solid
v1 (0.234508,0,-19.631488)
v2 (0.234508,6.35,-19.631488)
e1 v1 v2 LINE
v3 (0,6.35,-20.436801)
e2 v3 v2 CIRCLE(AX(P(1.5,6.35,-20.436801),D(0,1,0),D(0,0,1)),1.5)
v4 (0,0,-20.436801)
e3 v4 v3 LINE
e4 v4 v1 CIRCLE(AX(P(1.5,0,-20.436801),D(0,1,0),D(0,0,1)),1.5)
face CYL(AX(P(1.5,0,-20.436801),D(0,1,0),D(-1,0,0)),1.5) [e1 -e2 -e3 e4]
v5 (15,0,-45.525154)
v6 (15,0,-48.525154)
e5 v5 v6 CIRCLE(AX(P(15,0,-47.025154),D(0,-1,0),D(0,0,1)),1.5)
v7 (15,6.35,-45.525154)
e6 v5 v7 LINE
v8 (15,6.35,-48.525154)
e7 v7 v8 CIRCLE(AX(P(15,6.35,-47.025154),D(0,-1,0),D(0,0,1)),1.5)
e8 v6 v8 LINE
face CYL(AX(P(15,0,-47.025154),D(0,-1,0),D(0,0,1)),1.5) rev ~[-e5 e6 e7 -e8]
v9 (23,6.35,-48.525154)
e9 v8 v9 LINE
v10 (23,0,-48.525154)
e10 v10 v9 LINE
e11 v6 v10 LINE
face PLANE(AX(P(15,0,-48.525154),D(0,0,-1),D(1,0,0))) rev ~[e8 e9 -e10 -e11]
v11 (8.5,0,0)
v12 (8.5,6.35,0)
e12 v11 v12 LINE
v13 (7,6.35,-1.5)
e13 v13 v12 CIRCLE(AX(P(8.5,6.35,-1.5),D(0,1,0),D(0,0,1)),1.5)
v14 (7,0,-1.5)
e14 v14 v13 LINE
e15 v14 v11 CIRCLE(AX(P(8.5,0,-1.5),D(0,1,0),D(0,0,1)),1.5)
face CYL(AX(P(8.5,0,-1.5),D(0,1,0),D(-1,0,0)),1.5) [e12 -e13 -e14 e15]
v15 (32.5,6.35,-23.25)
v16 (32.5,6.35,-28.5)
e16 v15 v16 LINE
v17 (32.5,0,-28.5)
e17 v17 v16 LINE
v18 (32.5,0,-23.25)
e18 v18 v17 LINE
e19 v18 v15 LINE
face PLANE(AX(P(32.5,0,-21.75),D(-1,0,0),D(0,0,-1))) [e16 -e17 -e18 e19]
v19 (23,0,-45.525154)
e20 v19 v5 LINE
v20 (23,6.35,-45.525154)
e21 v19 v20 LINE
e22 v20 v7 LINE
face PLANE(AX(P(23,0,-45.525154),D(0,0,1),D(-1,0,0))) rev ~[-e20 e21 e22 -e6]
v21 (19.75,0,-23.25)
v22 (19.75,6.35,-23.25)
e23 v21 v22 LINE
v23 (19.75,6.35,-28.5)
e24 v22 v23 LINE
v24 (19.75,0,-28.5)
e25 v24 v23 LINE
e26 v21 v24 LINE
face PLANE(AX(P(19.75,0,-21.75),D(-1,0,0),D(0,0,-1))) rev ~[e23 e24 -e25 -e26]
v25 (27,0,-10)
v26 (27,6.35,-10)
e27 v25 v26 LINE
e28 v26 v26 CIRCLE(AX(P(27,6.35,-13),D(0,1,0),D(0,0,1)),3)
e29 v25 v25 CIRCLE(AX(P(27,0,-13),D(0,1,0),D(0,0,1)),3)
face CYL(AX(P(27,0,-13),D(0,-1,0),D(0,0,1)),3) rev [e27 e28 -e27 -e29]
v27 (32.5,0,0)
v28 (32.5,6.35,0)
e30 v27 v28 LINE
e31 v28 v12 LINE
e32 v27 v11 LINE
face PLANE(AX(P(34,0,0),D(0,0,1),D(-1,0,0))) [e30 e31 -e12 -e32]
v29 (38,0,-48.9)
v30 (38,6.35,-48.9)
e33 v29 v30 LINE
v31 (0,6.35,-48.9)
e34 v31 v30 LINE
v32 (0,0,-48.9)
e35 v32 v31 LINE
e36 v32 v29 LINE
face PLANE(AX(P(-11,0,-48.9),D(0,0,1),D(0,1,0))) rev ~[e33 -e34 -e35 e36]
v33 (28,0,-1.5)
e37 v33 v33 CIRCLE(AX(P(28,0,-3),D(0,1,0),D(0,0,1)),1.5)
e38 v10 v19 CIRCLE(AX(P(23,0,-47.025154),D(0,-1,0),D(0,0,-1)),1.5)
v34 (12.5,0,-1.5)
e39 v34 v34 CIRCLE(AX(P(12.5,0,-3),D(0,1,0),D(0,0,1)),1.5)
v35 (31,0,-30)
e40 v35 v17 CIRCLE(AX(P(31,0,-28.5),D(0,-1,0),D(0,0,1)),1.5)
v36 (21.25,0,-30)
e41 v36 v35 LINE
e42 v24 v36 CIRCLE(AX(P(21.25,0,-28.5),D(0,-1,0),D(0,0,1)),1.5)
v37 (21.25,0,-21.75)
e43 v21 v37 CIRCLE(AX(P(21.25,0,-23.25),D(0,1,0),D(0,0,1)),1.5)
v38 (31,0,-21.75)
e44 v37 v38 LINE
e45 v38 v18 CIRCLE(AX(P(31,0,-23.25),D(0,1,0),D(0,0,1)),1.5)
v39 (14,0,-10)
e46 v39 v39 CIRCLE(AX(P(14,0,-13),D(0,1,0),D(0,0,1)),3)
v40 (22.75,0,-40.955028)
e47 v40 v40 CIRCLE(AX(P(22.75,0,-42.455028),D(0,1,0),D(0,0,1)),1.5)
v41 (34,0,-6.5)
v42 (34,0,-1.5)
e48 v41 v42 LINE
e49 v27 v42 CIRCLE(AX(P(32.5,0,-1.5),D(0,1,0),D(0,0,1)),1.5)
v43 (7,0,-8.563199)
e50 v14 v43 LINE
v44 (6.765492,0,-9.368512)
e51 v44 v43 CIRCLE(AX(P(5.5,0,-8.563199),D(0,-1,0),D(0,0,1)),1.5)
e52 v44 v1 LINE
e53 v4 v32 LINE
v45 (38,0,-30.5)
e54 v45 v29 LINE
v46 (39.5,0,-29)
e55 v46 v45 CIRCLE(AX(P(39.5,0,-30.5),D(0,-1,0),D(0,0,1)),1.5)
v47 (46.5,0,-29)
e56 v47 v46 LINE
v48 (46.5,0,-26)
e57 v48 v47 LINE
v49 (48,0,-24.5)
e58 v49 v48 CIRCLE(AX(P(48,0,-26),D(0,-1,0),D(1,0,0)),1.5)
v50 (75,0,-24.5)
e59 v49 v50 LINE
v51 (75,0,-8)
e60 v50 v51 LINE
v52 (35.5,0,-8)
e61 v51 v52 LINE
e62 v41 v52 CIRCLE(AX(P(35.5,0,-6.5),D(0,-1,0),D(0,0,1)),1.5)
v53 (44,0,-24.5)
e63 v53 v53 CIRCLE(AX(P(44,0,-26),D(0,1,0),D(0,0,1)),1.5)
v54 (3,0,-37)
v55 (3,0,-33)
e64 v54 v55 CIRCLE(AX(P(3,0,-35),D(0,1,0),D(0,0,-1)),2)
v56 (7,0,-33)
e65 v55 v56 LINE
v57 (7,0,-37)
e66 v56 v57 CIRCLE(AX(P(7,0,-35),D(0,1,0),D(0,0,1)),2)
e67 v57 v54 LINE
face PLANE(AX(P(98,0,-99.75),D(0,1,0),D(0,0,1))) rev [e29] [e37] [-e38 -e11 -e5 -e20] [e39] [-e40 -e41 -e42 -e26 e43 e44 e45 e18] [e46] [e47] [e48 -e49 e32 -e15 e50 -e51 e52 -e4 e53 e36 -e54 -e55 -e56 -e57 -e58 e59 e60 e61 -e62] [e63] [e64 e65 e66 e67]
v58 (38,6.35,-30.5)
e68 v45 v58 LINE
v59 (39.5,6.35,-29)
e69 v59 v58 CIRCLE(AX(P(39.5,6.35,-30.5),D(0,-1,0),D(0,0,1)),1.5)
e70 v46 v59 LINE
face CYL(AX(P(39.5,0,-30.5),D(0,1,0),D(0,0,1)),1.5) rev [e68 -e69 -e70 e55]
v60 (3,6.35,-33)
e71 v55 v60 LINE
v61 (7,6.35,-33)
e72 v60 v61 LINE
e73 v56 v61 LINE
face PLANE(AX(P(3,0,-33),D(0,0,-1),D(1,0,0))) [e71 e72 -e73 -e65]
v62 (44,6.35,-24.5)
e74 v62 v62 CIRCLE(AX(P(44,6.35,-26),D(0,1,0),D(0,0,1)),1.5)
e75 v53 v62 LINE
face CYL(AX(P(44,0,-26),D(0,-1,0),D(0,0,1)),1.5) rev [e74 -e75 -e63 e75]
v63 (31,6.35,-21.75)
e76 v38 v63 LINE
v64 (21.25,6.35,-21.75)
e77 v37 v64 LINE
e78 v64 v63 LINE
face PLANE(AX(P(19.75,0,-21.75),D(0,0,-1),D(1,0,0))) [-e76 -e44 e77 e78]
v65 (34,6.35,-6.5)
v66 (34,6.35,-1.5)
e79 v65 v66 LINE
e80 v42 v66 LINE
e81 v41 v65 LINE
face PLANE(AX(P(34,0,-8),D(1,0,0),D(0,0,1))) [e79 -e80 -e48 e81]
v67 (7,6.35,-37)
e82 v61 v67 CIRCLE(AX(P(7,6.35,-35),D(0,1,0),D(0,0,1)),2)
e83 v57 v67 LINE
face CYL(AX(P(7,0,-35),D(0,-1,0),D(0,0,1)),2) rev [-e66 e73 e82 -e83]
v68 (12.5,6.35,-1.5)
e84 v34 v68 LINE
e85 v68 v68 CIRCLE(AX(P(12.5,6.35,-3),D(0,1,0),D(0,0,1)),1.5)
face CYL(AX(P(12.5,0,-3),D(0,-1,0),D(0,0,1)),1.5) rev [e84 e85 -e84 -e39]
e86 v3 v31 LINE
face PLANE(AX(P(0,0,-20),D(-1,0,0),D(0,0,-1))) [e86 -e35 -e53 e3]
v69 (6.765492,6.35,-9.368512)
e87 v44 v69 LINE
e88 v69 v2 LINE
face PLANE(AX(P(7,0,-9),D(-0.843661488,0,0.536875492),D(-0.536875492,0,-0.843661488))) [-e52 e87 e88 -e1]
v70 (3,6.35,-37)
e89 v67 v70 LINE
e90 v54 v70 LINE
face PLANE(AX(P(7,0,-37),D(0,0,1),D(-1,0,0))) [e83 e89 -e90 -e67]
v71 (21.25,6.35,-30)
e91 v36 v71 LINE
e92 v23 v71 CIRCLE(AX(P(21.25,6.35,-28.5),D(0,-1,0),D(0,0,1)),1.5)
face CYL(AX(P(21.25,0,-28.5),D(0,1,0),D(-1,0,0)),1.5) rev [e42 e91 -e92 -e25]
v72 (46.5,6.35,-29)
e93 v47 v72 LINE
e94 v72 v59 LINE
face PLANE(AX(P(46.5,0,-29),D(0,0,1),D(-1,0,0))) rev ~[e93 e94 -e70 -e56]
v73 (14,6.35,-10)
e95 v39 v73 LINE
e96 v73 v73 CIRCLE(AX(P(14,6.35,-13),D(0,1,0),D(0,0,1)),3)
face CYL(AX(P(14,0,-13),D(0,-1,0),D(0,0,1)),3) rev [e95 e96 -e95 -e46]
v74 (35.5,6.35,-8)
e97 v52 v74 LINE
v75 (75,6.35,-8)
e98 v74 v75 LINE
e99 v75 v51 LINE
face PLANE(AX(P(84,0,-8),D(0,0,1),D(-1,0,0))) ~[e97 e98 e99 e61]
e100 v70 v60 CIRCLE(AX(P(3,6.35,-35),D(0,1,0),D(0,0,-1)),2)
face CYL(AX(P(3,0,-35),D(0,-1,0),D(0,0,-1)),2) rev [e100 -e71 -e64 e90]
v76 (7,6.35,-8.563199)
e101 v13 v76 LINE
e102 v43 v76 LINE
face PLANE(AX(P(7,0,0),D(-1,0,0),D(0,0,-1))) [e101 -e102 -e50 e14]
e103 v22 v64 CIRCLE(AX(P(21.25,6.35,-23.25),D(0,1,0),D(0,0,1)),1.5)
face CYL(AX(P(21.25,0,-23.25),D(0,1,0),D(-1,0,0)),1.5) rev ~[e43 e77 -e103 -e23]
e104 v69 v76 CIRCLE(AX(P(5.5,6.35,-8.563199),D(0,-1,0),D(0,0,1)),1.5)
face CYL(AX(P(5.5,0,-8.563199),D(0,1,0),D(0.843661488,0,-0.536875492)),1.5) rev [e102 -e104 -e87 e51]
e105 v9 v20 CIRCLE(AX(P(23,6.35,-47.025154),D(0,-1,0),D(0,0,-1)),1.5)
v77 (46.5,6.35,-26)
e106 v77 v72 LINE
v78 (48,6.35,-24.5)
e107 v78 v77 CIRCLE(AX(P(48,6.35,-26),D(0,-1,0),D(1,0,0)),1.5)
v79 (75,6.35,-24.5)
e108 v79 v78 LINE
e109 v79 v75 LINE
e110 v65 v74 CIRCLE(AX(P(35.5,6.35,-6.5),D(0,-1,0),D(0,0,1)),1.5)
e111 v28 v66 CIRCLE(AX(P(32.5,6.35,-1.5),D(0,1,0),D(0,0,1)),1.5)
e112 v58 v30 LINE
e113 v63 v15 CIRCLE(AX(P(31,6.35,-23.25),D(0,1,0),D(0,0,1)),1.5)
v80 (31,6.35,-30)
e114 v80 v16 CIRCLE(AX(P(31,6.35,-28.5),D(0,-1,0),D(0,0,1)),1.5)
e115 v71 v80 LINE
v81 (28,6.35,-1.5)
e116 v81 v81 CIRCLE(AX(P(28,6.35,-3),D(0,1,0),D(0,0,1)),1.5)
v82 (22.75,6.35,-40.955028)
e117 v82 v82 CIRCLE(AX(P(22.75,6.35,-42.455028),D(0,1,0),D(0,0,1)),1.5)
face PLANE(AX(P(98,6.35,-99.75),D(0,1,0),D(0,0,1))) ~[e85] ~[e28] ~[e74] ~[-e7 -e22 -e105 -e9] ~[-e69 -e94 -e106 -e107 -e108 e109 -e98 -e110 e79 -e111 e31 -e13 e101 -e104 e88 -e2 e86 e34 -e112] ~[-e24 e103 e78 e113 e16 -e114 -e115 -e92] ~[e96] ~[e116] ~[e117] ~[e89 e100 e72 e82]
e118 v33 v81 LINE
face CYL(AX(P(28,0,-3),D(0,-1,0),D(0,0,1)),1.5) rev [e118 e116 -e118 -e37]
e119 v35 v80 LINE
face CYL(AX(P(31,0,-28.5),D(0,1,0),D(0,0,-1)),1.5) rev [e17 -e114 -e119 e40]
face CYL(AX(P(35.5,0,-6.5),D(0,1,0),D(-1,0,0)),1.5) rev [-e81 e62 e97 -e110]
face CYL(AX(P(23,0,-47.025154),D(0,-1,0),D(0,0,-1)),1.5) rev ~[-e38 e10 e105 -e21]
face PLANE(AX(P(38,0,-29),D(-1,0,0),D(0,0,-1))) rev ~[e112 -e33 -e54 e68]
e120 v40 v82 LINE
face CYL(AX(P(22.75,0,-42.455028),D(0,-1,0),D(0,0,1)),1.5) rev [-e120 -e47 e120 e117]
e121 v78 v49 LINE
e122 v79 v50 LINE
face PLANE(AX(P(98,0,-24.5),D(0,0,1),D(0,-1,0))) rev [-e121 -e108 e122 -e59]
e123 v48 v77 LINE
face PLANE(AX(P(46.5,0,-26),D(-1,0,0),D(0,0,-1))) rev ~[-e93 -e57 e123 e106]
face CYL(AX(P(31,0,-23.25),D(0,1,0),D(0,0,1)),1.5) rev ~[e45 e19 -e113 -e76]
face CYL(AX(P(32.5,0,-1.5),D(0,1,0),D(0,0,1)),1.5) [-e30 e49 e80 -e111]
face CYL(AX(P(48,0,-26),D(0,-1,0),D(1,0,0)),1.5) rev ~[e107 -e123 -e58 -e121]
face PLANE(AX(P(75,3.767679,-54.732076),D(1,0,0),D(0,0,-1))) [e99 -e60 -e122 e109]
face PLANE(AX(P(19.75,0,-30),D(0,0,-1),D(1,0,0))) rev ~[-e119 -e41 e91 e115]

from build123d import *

# Parameters (mm, degrees)
SKETCH1_R               = 1.5
SKETCH1_R_2             = 3
SKETCH1_R_3             = 2
SKETCH1_W               = 12.75
SKETCH1_H               = 8.25
BOSS_EXTRUDE1_DEPTH     = 6.35
FILLET1_R               = 1.5
SKETCH3_W               = 129.678218063
SKETCH3_H               = 13.276015012
CUT_EXTRUDE1_DEPTH      = 56
SKETCH4_W               = 14.25
SKETCH4_H               = 6.35
SKETCH4_W_2             = 20.25
SKETCH4_W_3             = 16.5
BOSS_EXTRUDE2_DEPTH     = 25
SKETCH5_W               = 158.83803675
SKETCH5_H               = 69.224935419
CUT_EXTRUDE2_DEPTH      = 86
CUT_EXTRUDE3_DEPTH      = 10
CUT_EXTRUDE3_DEPTH_BACK = 49
SKETCH6_W               = 0.1
SKETCH6_H               = 6.35
SKETCH7_W               = 88.464513538
SKETCH7_H               = 23.115624737
CUT_EXTRUDE4_DEPTH      = 84


with BuildPart() as part:
    # Sketch1 → Boss-Extrude1 (new body)
    with BuildSketch(Plane(origin=(0, 0, 0), x_dir=(1, 0, 0), z_dir=(0, 1, 0))):
        Polygon((0, 20), (0, 104), (12, 104), (14, 93), (26, 93), (26, 107), (33.5, 114), (62.5, 114), (70, 107), (70, 93), (82, 93), (84, 104), (96, 104), (96, 20), (89, 9), (89, 0), (62, 0), (62, 8), (34, 8), (34, 0), (7, 0), (7, 9), align=None)
        with Locations(Location((12.5, 3, 0), (0, 0, 270))):
            Circle(SKETCH1_R, mode=Mode.SUBTRACT)
        with Locations(Location((28, 3, 0), (0, 0, 270))):
            Circle(SKETCH1_R, mode=Mode.SUBTRACT)
        with Locations(Location((68, 3, 0), (0, 0, 90))):
            Circle(SKETCH1_R, mode=Mode.SUBTRACT)
        with Locations(Location((83.5, 3, 0), (0, 0, 90))):
            Circle(SKETCH1_R, mode=Mode.SUBTRACT)
        with Locations(Location((14, 13, 0), (0, 0, 270))):
            Circle(SKETCH1_R_2, mode=Mode.SUBTRACT)
        with Locations(Location((27, 13, 0), (0, 0, 270))):
            Circle(SKETCH1_R_2, mode=Mode.SUBTRACT)
        with Locations(Location((69, 13, 0), (0, 0, 90))):
            Circle(SKETCH1_R_2, mode=Mode.SUBTRACT)
        with Locations(Location((82, 13, 0), (0, 0, 90))):
            Circle(SKETCH1_R_2, mode=Mode.SUBTRACT)
        with Locations(Location((22.75, 42.455027657, 0), (0, 0, 270))):
            Circle(SKETCH1_R, mode=Mode.SUBTRACT)
        with Locations(Location((22.75, 51.751081058, 0), (0, 0, 270))):
            Circle(SKETCH1_R, mode=Mode.SUBTRACT)
        with Locations(Location((73.25, 42.455027657, 0), (0, 0, 90))):
            Circle(SKETCH1_R, mode=Mode.SUBTRACT)
        with Locations(Location((73.25, 51.751081058, 0), (0, 0, 90))):
            Circle(SKETCH1_R, mode=Mode.SUBTRACT)
        with Locations(Location((18, 72.75, 0), (0, 0, 270))):
            Circle(SKETCH1_R, mode=Mode.SUBTRACT)
        with Locations(Location((28, 65.75, 0), (0, 0, 270))):
            Circle(SKETCH1_R, mode=Mode.SUBTRACT)
        with Locations(Location((68, 65.75, 0), (0, 0, 90))):
            Circle(SKETCH1_R, mode=Mode.SUBTRACT)
        with Locations(Location((78, 72.75, 0), (0, 0, 90))):
            Circle(SKETCH1_R, mode=Mode.SUBTRACT)
        with Locations(Location((36.5, 76.75, 0), (0, 0, 270))):
            Circle(SKETCH1_R_3, mode=Mode.SUBTRACT)
        with Locations(Location((59.5, 76.75, 0), (0, 0, 90))):
            Circle(SKETCH1_R_3, mode=Mode.SUBTRACT)
        with Locations(Location((35.5, 89, 0), (0, 0, 270))):
            Circle(SKETCH1_R, mode=Mode.SUBTRACT)
        with Locations(Location((35.5, 106.5, 0), (0, 0, 270))):
            Circle(SKETCH1_R, mode=Mode.SUBTRACT)
        with Locations(Location((60.5, 89, 0), (0, 0, 90))):
            Circle(SKETCH1_R, mode=Mode.SUBTRACT)
        with Locations(Location((60.5, 106.5, 0), (0, 0, 90))):
            Circle(SKETCH1_R, mode=Mode.SUBTRACT)
        with Locations(Location((44, 26, 0), (0, 0, 270))):
            Circle(SKETCH1_R, mode=Mode.SUBTRACT)
        with Locations(Location((52, 26, 0), (0, 0, 90))):
            Circle(SKETCH1_R, mode=Mode.SUBTRACT)
        with Locations(Location((52, 74, 0), (0, 0, 270))):
            Circle(SKETCH1_R, mode=Mode.SUBTRACT)
        with Locations(Location((44, 74, 0), (0, 0, 90))):
            Circle(SKETCH1_R, mode=Mode.SUBTRACT)
        with Locations(Location((48, 97.75, 0), (0, 0, 270))):
            Circle(SKETCH1_R_3, mode=Mode.SUBTRACT)
        with Locations((69.875, 25.875)):
            Rectangle(SKETCH1_W, SKETCH1_H, mode=Mode.SUBTRACT)
        with Locations((26.125, 25.875)):
            Rectangle(SKETCH1_W, SKETCH1_H, mode=Mode.SUBTRACT)
        with Locations((69.875, 81.875)):
            Rectangle(SKETCH1_W, SKETCH1_H, mode=Mode.SUBTRACT)
        with Locations((26.125, 81.875)):
            Rectangle(SKETCH1_W, SKETCH1_H, mode=Mode.SUBTRACT)
        with BuildLine():
            Line((3, 75), (7, 75))
            ThreePointArc((7, 75), (9, 73), (7, 71))
            Line((7, 71), (3, 71))
            ThreePointArc((3, 71), (1, 73), (3, 75))
        make_face(mode=Mode.SUBTRACT)
        with BuildLine():
            Line((93, 75), (89, 75))
            ThreePointArc((89, 75), (87, 73), (89, 71))
            Line((89, 71), (93, 71))
            ThreePointArc((93, 71), (95, 73), (93, 75))
        make_face(mode=Mode.SUBTRACT)
        with BuildLine():
            Line((93, 37), (89, 37))
            ThreePointArc((89, 37), (87, 35), (89, 33))
            Line((89, 33), (93, 33))
            ThreePointArc((93, 33), (95, 35), (93, 37))
        make_face(mode=Mode.SUBTRACT)
        with BuildLine():
            Line((3, 33), (7, 33))
            ThreePointArc((7, 33), (9, 35), (7, 37))
            Line((7, 37), (3, 37))
            ThreePointArc((3, 37), (1, 35), (3, 33))
        make_face(mode=Mode.SUBTRACT)
        with BuildLine():
            Line((15, 48.525154469), (23, 48.525154469))
            ThreePointArc((23, 48.525154469), (24.5, 47.025154469), (23, 45.525154469))
            Line((23, 45.525154469), (15, 45.525154469))
            ThreePointArc((15, 45.525154469), (13.5, 47.025154469), (15, 48.525154469))
        make_face(mode=Mode.SUBTRACT)
        with BuildLine():
            Line((81, 48.525154469), (73, 48.525154469))
            ThreePointArc((73, 48.525154469), (71.5, 47.025154469), (73, 45.525154469))
            Line((73, 45.525154469), (81, 45.525154469))
            ThreePointArc((81, 45.525154469), (82.5, 47.025154469), (81, 48.525154469))
        make_face(mode=Mode.SUBTRACT)
        with BuildLine():
            Line((16.5, 67.75), (16.5, 57.75))
            ThreePointArc((16.5, 57.75), (18, 56.25), (19.5, 57.75))
            Line((19.5, 57.75), (19.5, 67.75))
            ThreePointArc((19.5, 67.75), (18, 69.25), (16.5, 67.75))
        make_face(mode=Mode.SUBTRACT)
        with BuildLine():
            Line((76.5, 67.75), (76.5, 57.75))
            ThreePointArc((76.5, 57.75), (78, 56.25), (79.5, 57.75))
            Line((79.5, 57.75), (79.5, 67.75))
            ThreePointArc((79.5, 67.75), (78, 69.25), (76.5, 67.75))
        make_face(mode=Mode.SUBTRACT)
        with BuildLine():
            Line((46.5, 29), (38, 29))
            Line((38, 29), (38, 71))
            Line((38, 71), (46.5, 71))
            Line((46.5, 71), (46.5, 74))
            ThreePointArc((46.5, 74), (48, 75.5), (49.5, 74))
            Line((49.5, 74), (49.5, 71))
            Line((49.5, 71), (58, 71))
            Line((58, 71), (58, 29))
            Line((58, 29), (49.5, 29))
            Line((49.5, 29), (49.5, 26))
            ThreePointArc((49.5, 26), (48, 24.5), (46.5, 26))
            Line((46.5, 26), (46.5, 29))
        make_face(mode=Mode.SUBTRACT)
    extrude(amount=BOSS_EXTRUDE1_DEPTH)

    # Fillet1
    fillet1_edges = [part.edges().sort_by_distance(p)[0] for p in [
        (19.75, 3.175, -30),
        (19.75, 3.175, -21.75),
        (32.5, 3.175, -21.75),
        (32.5, 3.175, -30),
        (63.5, 3.175, -77.75),
        (76.25, 3.175, -77.75),
        (76.25, 3.175, -86),
        (63.5, 3.175, -86),
        (19.75, 3.175, -86),
        (19.75, 3.175, -77.75),
        (32.5, 3.175, -77.75),
        (32.5, 3.175, -86),
        (58, 3.175, -29),
        (58, 3.175, -71),
        (38, 3.175, -71),
        (38, 3.175, -29),
        (62, 3.175, -8),
        (34, 3.175, -8),
        (34, 3.175, 0),
        (7, 3.175, 0),
        (7, 3.175, -9),
        (0, 3.175, -20),
        (0, 3.175, -104),
        (12, 3.175, -104),
        (14, 3.175, -93),
        (26, 3.175, -93),
        (26, 3.175, -107),
        (33.5, 3.175, -114),
        (62.5, 3.175, -114),
        (70, 3.175, -107),
        (70, 3.175, -93),
        (82, 3.175, -93),
        (84, 3.175, -104),
        (96, 3.175, -104),
        (96, 3.175, -20),
        (89, 3.175, -9),
        (89, 3.175, 0),
        (62, 3.175, 0),
        (76.25, 3.175, -21.75),
        (76.25, 3.175, -30),
        (63.5, 3.175, -30),
        (63.5, 3.175, -21.75),
    ]]
    fillet(fillet1_edges, radius=FILLET1_R)

    # Sketch3 → Cut-Extrude1 (cut)
    with BuildSketch(Plane(origin=(48, 0, 0), x_dir=(0, 0, -1), z_dir=(1, 0, 0))):
        with Locations((58.42243018, 0.940732076)):
            Rectangle(SKETCH3_W, SKETCH3_H)
    extrude(amount=CUT_EXTRUDE1_DEPTH, mode=Mode.SUBTRACT)

    # Sketch4 → Boss-Extrude2 (add)
    with BuildSketch(Plane(origin=(48, 0, 0), x_dir=(0, 0, -1), z_dir=(1, 0, 0))):
        with Locations((106.875, 3.175)):
            Rectangle(SKETCH4_W, SKETCH4_H)
        with Locations((85.625, 3.175)):
            Rectangle(SKETCH4_W_2, SKETCH4_H)
        with Locations((16.25, 3.175)):
            Rectangle(SKETCH4_W_3, SKETCH4_H)
    extrude(amount=BOSS_EXTRUDE2_DEPTH)

    # Mirror1: part across plane


with BuildPart() as part_1:
    add(part.part)
    add(part.part.mirror(Plane(origin=(73, 0, 0), x_dir=(0, 0, 1), z_dir=(1, 0, 0))))

    # Sketch5 → Cut-Extrude2 (cut)
    with BuildSketch(Plane(origin=(75, 0, 0), x_dir=(0, 0, -1), z_dir=(1, 0, 0))):
        with Locations((54.73207584, 3.767679241)):
            Rectangle(SKETCH5_W, SKETCH5_H)
    extrude(amount=CUT_EXTRUDE2_DEPTH, mode=Mode.SUBTRACT)

    # Sketch6 → Cut-Extrude3 (cut, two sides: drawn at the far end of the back side and taken through both)
    with BuildSketch(Plane(origin=(38, 0, 0), x_dir=(0, 0, -1), z_dir=(1, 0, 0)).offset(-CUT_EXTRUDE3_DEPTH_BACK)):
        with Locations((48.95, 3.175)):
            Rectangle(SKETCH6_W, SKETCH6_H)
    extrude(amount=CUT_EXTRUDE3_DEPTH + CUT_EXTRUDE3_DEPTH_BACK, mode=Mode.SUBTRACT)


with BuildPart() as cut_extrude3_piece_1:
    # of the separate pieces the step leaves, piece 1, a body of its own (cut_extrude3_pieces)
    add(part_1.part.solids().sort_by_distance((0, 0, -49))[0])

    # Sketch7 → Cut-Extrude4 (cut)
    with BuildSketch(Plane(origin=(0, 0, -48.91), x_dir=(-1, 0, 0), z_dir=(0, 0, -1))):
        with Locations((-38.621683349, 5.173992705)):
            Rectangle(SKETCH7_W, SKETCH7_H)
    extrude(amount=CUT_EXTRUDE4_DEPTH, mode=Mode.SUBTRACT)


with BuildPart() as cut_extrude3_piece_2:
    # of the separate pieces the step leaves, piece 2, a body of its own (cut_extrude3_pieces)
    add(part_1.part.solids().sort_by_distance((0, 0, -20.436801031))[0])


solid = cut_extrude3_piece_2.part
